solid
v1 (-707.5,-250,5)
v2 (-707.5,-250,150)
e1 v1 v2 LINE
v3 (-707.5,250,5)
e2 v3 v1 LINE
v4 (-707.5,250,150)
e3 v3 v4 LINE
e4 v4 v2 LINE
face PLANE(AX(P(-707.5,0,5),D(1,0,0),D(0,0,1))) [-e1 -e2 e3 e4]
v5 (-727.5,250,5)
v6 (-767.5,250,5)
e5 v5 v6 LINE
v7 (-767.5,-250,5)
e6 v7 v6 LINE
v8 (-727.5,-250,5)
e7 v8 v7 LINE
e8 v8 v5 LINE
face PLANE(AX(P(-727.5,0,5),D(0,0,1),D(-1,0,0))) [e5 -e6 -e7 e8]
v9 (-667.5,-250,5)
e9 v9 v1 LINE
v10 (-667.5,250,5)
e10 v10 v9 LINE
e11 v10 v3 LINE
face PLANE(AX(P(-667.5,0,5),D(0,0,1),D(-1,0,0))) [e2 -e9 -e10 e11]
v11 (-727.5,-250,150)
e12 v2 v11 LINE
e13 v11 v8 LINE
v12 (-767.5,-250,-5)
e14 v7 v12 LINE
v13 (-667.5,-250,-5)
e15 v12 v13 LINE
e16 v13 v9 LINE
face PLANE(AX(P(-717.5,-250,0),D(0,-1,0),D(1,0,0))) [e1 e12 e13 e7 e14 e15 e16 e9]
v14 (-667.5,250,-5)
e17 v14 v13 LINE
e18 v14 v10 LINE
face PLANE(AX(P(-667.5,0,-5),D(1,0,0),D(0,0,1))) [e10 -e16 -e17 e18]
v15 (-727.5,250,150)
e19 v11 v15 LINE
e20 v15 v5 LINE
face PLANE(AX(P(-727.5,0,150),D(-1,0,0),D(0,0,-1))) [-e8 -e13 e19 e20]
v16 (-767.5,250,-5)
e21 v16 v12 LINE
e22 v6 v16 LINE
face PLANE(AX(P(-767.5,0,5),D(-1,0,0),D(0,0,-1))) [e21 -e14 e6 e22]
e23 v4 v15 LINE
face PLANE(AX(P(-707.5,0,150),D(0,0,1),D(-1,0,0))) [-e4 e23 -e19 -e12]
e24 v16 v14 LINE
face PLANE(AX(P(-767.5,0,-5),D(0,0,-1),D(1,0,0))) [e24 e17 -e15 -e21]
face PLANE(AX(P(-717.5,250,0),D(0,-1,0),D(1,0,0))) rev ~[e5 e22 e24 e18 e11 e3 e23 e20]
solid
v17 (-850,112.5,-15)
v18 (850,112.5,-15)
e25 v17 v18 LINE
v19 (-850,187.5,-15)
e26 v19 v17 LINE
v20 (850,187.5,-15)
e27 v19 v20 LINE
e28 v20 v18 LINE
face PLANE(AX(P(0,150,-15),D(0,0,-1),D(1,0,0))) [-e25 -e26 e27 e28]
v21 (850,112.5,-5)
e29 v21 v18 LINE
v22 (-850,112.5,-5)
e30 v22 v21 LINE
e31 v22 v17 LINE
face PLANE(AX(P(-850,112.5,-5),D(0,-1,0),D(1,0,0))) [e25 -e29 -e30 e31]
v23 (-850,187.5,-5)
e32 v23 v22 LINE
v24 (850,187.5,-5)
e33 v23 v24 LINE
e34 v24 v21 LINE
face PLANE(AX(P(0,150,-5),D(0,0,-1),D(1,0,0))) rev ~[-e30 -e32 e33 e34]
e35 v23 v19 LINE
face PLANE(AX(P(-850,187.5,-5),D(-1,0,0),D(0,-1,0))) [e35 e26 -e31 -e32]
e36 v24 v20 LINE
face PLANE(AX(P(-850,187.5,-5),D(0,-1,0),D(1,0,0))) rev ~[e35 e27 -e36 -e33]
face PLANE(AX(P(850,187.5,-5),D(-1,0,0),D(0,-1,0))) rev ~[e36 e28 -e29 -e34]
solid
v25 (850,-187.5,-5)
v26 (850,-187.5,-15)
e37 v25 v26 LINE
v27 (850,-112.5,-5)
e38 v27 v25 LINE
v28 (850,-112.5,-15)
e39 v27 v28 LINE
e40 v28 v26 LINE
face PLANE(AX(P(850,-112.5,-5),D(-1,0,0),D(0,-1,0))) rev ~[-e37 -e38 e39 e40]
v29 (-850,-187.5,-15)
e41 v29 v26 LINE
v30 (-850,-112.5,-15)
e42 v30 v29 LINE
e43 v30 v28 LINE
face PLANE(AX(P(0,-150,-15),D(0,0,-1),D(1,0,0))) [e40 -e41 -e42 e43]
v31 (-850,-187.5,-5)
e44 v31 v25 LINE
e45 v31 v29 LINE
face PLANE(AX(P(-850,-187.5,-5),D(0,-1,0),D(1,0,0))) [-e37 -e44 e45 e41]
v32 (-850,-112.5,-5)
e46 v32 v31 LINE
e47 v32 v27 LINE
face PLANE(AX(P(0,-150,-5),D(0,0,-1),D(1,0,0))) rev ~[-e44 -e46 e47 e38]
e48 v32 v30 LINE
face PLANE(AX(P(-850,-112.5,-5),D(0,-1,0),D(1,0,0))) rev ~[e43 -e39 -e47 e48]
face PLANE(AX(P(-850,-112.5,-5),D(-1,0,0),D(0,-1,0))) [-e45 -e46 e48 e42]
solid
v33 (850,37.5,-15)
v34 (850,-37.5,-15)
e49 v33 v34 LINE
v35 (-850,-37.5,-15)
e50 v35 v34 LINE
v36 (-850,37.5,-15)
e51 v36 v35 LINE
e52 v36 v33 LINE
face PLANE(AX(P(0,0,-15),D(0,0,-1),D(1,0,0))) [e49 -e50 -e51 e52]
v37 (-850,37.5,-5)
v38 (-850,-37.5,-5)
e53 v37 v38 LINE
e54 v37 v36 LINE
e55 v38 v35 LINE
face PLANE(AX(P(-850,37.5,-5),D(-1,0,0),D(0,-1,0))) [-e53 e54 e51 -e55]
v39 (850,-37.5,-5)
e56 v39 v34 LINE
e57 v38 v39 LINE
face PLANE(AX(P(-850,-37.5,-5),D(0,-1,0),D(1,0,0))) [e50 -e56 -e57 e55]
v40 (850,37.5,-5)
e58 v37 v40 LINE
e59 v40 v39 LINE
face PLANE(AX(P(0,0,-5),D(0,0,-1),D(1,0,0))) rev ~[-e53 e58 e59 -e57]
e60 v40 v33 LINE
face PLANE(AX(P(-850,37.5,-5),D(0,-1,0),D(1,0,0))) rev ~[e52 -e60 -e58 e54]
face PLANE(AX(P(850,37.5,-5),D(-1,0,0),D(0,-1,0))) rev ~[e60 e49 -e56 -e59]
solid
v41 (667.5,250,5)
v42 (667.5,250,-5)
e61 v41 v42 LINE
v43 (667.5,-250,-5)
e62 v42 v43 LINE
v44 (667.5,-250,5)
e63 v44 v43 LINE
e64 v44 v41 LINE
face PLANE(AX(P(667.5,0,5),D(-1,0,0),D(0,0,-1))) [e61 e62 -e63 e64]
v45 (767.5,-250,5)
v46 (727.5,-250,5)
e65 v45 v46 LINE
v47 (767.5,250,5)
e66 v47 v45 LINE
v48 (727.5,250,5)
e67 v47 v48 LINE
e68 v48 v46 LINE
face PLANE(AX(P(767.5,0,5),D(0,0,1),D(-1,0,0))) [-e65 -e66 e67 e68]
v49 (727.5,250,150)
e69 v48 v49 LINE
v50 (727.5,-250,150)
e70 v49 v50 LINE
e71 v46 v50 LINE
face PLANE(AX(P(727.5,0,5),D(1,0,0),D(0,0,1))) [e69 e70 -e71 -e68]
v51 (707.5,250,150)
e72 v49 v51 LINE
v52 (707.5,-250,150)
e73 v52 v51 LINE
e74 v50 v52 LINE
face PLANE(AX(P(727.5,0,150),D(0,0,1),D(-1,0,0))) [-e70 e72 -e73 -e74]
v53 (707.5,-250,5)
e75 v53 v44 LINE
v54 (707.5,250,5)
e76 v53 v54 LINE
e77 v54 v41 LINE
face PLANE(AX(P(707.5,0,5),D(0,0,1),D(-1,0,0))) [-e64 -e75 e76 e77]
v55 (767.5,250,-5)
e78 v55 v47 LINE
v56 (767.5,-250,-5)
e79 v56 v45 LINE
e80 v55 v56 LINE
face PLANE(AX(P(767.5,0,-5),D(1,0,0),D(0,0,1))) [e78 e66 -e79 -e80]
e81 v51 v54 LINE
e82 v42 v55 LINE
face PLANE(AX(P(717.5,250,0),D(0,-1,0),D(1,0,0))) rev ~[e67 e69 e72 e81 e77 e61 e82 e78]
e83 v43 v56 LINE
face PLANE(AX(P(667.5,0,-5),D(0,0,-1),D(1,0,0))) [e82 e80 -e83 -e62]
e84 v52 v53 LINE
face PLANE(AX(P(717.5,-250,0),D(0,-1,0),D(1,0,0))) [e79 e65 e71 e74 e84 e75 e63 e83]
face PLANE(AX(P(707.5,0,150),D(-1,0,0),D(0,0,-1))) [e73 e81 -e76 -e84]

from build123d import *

# Parameters (mm, degrees)
F1_DEPTH = 250
F2_W     = 1700
F2_H     = 75
F3_DEPTH = 10


with BuildPart() as f1:
    # F0 (on Front) → F1 (new body, symmetric)
    with BuildSketch(Plane.XZ):
        Polygon((-727.5, 5), (-767.5, 5), (-767.5, -5), (-667.5, -5), (-667.5, 5), (-707.5, 5), align=None)
        Polygon((-727.5, 150), (-727.5, 5), (-707.5, 5), (-707.5, 150), (-717.5, 150), align=None)
    extrude(amount=F1_DEPTH, both=True)


with BuildPart() as f1b:
    # F0 (on Front) → F1, piece 2 (new body, symmetric)
    with BuildSketch(Plane.XZ):
        Polygon((707.5, 5), (667.5, 5), (667.5, -5), (767.5, -5), (767.5, 5), (727.5, 5), align=None)
        Polygon((707.5, 150), (707.5, 5), (727.5, 5), (727.5, 150), (717.5, 150), align=None)
    extrude(amount=F1_DEPTH, both=True)


with BuildPart() as f3:
    # F2 (on face) → F3 (new body)
    with BuildSketch(Plane(origin=(0, 0, -5), x_dir=(1, 0, 0), z_dir=(0, 0, -1))):
        Rectangle(F2_W, F2_H)
    extrude(amount=F3_DEPTH)


with BuildPart() as f3b:
    # F2 (on face) → F3, piece 2 (new body)
    with BuildSketch(Plane(origin=(0, 0, -5), x_dir=(1, 0, 0), z_dir=(0, 0, -1))):
        with Locations((0, 150)):
            Rectangle(F2_W, F2_H)
    extrude(amount=F3_DEPTH)


with BuildPart() as f3c:
    # F2 (on face) → F3, piece 3 (new body)
    with BuildSketch(Plane(origin=(0, 0, -5), x_dir=(1, 0, 0), z_dir=(0, 0, -1))):
        with Locations((0, -150)):
            Rectangle(F2_W, F2_H)
    extrude(amount=F3_DEPTH)


solid = Compound([f1.part, f1b.part, f3.part, f3b.part, f3c.part])
